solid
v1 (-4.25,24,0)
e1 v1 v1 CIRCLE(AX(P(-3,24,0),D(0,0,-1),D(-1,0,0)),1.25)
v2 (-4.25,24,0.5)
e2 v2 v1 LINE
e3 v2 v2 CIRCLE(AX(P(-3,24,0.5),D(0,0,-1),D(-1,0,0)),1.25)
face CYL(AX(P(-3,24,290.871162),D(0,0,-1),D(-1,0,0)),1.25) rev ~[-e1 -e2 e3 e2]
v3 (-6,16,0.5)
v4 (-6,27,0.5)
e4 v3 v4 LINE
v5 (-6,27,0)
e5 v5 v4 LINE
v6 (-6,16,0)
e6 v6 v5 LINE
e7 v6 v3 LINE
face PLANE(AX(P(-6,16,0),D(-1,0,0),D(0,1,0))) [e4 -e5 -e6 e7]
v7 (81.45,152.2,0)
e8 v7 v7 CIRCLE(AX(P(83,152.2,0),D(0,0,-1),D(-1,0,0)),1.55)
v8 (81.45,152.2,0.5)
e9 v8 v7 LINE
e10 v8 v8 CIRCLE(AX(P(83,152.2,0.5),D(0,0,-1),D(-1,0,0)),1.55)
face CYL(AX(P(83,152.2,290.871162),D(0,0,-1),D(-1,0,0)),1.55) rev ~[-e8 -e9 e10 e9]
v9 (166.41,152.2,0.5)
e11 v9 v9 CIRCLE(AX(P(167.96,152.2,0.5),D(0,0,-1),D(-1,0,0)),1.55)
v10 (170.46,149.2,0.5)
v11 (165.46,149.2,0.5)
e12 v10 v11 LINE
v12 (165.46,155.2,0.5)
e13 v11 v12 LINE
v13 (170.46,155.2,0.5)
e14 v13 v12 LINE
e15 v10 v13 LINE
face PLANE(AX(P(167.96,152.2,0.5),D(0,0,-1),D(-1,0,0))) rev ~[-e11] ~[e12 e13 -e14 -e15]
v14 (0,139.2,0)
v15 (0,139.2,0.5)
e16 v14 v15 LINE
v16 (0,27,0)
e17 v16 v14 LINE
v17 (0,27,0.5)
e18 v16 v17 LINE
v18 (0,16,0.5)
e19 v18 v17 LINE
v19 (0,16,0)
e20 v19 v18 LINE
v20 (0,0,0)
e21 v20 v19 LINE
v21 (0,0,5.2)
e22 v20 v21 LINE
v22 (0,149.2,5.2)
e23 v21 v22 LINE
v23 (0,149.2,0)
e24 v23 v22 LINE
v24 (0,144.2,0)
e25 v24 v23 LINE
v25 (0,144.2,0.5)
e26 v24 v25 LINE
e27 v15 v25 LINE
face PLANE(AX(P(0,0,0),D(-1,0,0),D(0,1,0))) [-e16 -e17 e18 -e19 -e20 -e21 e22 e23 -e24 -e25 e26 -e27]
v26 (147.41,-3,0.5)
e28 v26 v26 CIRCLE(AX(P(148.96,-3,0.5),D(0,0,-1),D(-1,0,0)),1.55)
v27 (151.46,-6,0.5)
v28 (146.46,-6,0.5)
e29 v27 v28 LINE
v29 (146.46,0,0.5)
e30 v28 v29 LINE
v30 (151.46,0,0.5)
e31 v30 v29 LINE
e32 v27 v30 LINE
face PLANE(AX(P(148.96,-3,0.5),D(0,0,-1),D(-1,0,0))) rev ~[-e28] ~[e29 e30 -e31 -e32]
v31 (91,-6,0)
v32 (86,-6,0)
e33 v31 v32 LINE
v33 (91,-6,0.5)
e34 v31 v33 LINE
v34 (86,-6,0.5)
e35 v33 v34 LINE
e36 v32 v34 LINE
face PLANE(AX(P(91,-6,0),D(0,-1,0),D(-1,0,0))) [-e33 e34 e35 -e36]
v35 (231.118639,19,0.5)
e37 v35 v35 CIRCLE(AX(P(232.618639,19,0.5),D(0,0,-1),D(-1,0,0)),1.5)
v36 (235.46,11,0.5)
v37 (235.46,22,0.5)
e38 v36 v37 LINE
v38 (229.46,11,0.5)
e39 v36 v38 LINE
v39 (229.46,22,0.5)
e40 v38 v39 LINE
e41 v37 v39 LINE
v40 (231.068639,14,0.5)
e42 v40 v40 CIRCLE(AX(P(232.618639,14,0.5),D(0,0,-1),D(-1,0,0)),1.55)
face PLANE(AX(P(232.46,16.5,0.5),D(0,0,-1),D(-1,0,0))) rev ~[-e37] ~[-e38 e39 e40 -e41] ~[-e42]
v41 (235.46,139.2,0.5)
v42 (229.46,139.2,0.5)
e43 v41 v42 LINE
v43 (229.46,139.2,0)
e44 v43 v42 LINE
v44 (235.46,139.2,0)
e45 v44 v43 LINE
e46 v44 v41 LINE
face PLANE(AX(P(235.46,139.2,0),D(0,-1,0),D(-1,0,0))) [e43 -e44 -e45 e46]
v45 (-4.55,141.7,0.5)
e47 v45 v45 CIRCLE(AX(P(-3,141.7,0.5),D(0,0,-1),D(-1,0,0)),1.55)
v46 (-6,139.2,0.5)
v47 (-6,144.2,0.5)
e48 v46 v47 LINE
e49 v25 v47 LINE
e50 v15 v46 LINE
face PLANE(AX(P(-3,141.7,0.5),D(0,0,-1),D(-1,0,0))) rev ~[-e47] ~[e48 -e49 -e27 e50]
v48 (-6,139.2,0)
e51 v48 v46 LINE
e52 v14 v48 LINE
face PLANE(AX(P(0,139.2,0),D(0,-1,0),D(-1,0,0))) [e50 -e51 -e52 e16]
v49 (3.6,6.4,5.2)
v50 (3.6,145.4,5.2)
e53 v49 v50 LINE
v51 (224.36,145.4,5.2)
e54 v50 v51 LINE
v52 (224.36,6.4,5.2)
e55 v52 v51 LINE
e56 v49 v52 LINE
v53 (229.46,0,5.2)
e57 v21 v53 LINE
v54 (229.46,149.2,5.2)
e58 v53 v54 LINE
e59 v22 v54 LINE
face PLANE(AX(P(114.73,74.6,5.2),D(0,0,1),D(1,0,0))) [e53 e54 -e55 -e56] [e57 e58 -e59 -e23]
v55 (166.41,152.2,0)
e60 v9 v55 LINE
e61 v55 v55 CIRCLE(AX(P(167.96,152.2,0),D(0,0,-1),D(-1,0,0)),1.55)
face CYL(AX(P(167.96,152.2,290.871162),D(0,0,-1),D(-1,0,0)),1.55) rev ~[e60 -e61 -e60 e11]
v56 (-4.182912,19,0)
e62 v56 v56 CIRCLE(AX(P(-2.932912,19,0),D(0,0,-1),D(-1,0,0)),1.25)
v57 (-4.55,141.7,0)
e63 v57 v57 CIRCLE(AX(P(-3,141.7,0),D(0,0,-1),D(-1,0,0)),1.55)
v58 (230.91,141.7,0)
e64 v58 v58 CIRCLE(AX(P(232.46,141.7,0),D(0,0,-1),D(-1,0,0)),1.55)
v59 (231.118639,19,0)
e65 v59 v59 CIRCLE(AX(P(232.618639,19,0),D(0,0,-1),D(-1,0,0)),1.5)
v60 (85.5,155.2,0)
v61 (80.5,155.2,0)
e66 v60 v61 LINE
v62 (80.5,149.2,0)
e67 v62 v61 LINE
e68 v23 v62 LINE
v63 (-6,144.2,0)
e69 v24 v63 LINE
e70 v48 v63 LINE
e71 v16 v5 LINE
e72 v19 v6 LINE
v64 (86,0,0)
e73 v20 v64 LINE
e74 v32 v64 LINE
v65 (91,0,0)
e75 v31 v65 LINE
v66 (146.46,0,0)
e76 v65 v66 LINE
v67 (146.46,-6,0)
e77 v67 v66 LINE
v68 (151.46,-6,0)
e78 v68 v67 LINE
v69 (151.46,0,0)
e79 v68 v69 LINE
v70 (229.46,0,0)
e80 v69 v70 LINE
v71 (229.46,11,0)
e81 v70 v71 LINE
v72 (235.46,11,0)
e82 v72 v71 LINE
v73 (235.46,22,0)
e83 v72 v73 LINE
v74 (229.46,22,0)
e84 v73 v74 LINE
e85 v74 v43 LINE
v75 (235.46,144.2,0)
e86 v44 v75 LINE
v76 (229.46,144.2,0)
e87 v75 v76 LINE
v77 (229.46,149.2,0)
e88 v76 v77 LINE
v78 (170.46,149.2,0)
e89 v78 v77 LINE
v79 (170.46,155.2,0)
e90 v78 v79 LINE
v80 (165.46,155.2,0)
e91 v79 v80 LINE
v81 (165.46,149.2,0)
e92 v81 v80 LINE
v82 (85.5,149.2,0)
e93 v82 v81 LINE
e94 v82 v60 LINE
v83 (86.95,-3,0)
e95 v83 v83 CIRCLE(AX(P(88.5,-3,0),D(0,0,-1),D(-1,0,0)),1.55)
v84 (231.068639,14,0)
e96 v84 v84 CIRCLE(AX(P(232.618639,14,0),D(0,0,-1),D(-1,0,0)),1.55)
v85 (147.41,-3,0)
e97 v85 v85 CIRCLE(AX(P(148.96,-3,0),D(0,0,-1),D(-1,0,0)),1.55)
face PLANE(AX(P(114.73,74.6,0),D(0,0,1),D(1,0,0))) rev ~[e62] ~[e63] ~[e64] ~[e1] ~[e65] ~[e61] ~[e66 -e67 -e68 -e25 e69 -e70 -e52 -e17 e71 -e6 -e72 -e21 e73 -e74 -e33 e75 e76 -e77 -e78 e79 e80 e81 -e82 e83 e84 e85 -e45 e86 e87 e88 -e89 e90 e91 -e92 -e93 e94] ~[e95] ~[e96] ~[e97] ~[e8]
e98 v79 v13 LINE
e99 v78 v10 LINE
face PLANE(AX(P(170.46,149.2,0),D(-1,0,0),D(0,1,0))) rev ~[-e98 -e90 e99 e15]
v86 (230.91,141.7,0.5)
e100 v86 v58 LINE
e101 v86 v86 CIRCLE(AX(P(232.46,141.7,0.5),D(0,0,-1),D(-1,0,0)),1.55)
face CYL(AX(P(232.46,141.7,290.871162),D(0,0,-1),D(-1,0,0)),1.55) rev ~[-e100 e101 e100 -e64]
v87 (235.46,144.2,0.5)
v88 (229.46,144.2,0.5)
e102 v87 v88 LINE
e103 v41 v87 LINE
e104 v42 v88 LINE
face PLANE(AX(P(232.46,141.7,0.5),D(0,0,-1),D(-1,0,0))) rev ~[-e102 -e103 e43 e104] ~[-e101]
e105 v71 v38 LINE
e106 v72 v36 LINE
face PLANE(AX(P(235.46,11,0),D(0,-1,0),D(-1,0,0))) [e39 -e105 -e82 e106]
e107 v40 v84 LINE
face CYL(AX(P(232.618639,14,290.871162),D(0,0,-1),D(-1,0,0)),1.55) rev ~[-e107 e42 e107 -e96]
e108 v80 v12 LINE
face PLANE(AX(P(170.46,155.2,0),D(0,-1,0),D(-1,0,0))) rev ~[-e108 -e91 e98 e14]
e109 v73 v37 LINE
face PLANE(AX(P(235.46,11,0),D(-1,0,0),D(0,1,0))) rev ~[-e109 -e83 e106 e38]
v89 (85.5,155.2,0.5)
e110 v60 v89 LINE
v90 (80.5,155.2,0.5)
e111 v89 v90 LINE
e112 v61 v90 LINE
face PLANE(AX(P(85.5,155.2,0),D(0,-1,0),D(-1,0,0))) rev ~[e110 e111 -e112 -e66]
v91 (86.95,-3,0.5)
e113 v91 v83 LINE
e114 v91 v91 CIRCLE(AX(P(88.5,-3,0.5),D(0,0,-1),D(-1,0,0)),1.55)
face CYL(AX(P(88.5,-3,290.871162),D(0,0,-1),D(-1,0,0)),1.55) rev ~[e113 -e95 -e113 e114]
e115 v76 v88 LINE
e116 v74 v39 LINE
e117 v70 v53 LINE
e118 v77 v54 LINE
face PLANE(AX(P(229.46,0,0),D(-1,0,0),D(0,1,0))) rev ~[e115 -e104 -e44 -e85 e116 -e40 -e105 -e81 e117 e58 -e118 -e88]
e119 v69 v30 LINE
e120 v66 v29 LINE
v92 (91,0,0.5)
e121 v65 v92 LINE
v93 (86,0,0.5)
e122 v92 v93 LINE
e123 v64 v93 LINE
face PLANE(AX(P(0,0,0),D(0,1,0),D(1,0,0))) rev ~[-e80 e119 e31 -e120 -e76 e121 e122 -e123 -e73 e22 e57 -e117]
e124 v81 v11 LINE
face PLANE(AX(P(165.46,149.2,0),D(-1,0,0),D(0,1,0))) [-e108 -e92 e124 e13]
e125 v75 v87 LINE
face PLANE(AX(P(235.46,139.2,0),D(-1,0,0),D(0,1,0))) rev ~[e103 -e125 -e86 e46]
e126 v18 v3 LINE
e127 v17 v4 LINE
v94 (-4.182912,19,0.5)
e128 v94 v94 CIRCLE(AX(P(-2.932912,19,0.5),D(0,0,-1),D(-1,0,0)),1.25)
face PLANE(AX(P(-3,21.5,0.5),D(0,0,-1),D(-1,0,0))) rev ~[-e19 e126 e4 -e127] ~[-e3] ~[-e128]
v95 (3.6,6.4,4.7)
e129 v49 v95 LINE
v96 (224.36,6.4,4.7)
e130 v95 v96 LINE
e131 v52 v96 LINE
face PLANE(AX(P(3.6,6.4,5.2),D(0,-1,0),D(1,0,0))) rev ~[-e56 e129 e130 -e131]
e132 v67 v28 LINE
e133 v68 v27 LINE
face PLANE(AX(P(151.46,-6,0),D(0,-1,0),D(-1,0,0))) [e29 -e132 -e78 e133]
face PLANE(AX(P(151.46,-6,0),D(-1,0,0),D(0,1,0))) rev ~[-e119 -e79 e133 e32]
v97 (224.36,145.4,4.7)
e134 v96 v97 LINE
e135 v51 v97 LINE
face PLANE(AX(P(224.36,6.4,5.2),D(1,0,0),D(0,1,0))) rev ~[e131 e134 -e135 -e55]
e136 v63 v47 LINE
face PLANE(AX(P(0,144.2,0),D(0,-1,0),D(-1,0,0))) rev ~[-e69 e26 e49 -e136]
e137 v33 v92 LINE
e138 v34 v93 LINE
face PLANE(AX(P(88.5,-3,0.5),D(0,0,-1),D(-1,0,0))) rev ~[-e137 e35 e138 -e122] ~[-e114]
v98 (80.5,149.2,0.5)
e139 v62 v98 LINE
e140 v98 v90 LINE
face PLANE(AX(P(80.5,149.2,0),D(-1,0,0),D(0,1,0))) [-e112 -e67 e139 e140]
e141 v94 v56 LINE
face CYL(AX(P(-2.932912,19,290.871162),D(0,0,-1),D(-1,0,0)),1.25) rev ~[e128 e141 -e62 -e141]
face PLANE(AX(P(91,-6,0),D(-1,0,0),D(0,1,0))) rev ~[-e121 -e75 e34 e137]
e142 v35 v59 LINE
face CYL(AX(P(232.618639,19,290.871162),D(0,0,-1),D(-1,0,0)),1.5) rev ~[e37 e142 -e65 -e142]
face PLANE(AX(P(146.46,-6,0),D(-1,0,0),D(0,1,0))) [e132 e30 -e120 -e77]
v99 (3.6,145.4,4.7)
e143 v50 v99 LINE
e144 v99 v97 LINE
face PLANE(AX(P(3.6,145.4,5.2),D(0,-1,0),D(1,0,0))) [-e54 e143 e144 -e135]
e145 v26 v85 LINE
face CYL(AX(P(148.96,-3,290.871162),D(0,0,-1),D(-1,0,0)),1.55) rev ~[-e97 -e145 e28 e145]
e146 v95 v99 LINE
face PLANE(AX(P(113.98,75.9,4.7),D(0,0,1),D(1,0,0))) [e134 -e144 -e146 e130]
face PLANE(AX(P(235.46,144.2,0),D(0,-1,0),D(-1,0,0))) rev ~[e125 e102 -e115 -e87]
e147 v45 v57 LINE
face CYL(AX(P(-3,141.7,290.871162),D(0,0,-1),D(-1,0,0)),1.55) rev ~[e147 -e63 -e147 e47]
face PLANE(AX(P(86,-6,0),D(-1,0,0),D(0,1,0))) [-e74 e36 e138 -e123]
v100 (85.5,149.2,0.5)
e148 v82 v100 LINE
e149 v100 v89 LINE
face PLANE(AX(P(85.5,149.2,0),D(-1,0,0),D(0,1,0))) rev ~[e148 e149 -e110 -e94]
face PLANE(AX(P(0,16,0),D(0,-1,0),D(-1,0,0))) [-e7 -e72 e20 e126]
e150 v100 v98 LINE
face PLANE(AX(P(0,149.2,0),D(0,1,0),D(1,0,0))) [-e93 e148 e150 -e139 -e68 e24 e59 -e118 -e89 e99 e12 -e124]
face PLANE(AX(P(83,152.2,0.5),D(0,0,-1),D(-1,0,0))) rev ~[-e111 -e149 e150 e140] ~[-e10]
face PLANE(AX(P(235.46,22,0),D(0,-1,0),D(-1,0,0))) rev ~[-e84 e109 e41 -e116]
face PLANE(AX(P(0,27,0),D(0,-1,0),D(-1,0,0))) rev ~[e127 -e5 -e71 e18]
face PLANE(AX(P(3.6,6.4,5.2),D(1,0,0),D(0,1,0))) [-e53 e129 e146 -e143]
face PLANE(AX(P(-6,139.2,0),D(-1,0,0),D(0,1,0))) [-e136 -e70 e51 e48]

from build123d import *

# Parameters (mm, degrees)
SKETCH1_W                  = 229.46
SKETCH1_H                  = 149.2
BOSS_EXTRUDE1_DEPTH        = 5.2
SKETCH2_W                  = 220.76
SKETCH2_H                  = 139
CUT_EXTRUDE1_DEPTH         = 0.5
SKETCH3_W                  = 6
SKETCH3_H                  = 5
SKETCH3_H_2                = 11
SKETCH3_W_2                = 5
SKETCH3_H_3                = 6
BOSS_EXTRUDE2_DEPTH        = 0.5
SKETCH4_W                  = 5
SKETCH4_H                  = 6
BOSS_EXTRUDE3_DEPTH        = 0.5
F_3_1_3_1_DIAMETER_HOLE1_D = 3.1
F_3_1_3_1_DIAMETER_HOLE4_D = 3.1
F_2_5_2_5_DIAMETER_HOLE2_D = 2.5
F_3_0_3_DIAMETER_HOLE1_D   = 3


with BuildPart() as part:
    # Sketch1 → Boss-Extrude1 (new body)
    with BuildSketch(Plane.XY):
        with Locations((114.73, 74.6)):
            Rectangle(SKETCH1_W, SKETCH1_H)
    extrude(amount=BOSS_EXTRUDE1_DEPTH)

    # Sketch2 → Cut-Extrude1 (cut)
    with BuildSketch(Plane.XY.offset(5.2)):
        with Locations((113.98, 75.9)):
            Rectangle(SKETCH2_W, SKETCH2_H)
    extrude(amount=-CUT_EXTRUDE1_DEPTH, mode=Mode.SUBTRACT)

    # Sketch3 → Boss-Extrude2 (add)
    with BuildSketch(Plane(origin=(0, 0, 0), x_dir=(-1, 0, 0), z_dir=(0, 0, -1))):
        with Locations((-232.46, 141.7)):
            Rectangle(SKETCH3_W, SKETCH3_H)
        with Locations((-232.46, 16.5)):
            Rectangle(SKETCH3_W, SKETCH3_H_2)
        with Locations((-148.96, -3)):
            Rectangle(SKETCH3_W_2, SKETCH3_H_3)
        with Locations((-88.5, -3)):
            Rectangle(SKETCH3_W_2, SKETCH3_H_3)
        with Locations((3, 21.5)):
            Rectangle(SKETCH3_W, SKETCH3_H_2)
        with Locations((3, 141.7)):
            Rectangle(SKETCH3_W, SKETCH3_H)
    extrude(amount=-BOSS_EXTRUDE2_DEPTH)

    # Sketch4 → Boss-Extrude3 (add)
    with BuildSketch(Plane(origin=(0, 0, 0), x_dir=(-1, 0, 0), z_dir=(0, 0, -1))):
        with Locations((-167.96, 152.2)):
            Rectangle(SKETCH4_W, SKETCH4_H)
        with Locations((-83, 152.2)):
            Rectangle(SKETCH4_W, SKETCH4_H)
    extrude(amount=-BOSS_EXTRUDE3_DEPTH)

    # Ø3.1 (3.1) Diameter Hole1 (through all)
    with Locations(Plane.XY.offset(0.5)):
        with Locations((-3, 141.7), (83, 152.2), (167.96, 152.2), (232.46, 141.7), (148.96, -3), (88.5, -3)):
            Hole(F_3_1_3_1_DIAMETER_HOLE1_D / 2)

    # Ø3.1 (3.1) Diameter Hole4 (through all)
    with Locations(Plane.XY.offset(0.5)):
        with Locations((232.618638534, 14)):
            Hole(F_3_1_3_1_DIAMETER_HOLE4_D / 2)

    # Ø2.5 (2.5) Diameter Hole2 (through all)
    with Locations(Plane.XY.offset(0.5)):
        with Locations((-3, 24), (-2.932911523, 19)):
            Hole(F_2_5_2_5_DIAMETER_HOLE2_D / 2)

    # Ø3.0 (3) Diameter Hole1 (through all)
    with Locations(Plane.XY.offset(0.5)):
        with Locations((232.618638534, 19)):
            Hole(F_3_0_3_DIAMETER_HOLE1_D / 2)


solid = part.part
